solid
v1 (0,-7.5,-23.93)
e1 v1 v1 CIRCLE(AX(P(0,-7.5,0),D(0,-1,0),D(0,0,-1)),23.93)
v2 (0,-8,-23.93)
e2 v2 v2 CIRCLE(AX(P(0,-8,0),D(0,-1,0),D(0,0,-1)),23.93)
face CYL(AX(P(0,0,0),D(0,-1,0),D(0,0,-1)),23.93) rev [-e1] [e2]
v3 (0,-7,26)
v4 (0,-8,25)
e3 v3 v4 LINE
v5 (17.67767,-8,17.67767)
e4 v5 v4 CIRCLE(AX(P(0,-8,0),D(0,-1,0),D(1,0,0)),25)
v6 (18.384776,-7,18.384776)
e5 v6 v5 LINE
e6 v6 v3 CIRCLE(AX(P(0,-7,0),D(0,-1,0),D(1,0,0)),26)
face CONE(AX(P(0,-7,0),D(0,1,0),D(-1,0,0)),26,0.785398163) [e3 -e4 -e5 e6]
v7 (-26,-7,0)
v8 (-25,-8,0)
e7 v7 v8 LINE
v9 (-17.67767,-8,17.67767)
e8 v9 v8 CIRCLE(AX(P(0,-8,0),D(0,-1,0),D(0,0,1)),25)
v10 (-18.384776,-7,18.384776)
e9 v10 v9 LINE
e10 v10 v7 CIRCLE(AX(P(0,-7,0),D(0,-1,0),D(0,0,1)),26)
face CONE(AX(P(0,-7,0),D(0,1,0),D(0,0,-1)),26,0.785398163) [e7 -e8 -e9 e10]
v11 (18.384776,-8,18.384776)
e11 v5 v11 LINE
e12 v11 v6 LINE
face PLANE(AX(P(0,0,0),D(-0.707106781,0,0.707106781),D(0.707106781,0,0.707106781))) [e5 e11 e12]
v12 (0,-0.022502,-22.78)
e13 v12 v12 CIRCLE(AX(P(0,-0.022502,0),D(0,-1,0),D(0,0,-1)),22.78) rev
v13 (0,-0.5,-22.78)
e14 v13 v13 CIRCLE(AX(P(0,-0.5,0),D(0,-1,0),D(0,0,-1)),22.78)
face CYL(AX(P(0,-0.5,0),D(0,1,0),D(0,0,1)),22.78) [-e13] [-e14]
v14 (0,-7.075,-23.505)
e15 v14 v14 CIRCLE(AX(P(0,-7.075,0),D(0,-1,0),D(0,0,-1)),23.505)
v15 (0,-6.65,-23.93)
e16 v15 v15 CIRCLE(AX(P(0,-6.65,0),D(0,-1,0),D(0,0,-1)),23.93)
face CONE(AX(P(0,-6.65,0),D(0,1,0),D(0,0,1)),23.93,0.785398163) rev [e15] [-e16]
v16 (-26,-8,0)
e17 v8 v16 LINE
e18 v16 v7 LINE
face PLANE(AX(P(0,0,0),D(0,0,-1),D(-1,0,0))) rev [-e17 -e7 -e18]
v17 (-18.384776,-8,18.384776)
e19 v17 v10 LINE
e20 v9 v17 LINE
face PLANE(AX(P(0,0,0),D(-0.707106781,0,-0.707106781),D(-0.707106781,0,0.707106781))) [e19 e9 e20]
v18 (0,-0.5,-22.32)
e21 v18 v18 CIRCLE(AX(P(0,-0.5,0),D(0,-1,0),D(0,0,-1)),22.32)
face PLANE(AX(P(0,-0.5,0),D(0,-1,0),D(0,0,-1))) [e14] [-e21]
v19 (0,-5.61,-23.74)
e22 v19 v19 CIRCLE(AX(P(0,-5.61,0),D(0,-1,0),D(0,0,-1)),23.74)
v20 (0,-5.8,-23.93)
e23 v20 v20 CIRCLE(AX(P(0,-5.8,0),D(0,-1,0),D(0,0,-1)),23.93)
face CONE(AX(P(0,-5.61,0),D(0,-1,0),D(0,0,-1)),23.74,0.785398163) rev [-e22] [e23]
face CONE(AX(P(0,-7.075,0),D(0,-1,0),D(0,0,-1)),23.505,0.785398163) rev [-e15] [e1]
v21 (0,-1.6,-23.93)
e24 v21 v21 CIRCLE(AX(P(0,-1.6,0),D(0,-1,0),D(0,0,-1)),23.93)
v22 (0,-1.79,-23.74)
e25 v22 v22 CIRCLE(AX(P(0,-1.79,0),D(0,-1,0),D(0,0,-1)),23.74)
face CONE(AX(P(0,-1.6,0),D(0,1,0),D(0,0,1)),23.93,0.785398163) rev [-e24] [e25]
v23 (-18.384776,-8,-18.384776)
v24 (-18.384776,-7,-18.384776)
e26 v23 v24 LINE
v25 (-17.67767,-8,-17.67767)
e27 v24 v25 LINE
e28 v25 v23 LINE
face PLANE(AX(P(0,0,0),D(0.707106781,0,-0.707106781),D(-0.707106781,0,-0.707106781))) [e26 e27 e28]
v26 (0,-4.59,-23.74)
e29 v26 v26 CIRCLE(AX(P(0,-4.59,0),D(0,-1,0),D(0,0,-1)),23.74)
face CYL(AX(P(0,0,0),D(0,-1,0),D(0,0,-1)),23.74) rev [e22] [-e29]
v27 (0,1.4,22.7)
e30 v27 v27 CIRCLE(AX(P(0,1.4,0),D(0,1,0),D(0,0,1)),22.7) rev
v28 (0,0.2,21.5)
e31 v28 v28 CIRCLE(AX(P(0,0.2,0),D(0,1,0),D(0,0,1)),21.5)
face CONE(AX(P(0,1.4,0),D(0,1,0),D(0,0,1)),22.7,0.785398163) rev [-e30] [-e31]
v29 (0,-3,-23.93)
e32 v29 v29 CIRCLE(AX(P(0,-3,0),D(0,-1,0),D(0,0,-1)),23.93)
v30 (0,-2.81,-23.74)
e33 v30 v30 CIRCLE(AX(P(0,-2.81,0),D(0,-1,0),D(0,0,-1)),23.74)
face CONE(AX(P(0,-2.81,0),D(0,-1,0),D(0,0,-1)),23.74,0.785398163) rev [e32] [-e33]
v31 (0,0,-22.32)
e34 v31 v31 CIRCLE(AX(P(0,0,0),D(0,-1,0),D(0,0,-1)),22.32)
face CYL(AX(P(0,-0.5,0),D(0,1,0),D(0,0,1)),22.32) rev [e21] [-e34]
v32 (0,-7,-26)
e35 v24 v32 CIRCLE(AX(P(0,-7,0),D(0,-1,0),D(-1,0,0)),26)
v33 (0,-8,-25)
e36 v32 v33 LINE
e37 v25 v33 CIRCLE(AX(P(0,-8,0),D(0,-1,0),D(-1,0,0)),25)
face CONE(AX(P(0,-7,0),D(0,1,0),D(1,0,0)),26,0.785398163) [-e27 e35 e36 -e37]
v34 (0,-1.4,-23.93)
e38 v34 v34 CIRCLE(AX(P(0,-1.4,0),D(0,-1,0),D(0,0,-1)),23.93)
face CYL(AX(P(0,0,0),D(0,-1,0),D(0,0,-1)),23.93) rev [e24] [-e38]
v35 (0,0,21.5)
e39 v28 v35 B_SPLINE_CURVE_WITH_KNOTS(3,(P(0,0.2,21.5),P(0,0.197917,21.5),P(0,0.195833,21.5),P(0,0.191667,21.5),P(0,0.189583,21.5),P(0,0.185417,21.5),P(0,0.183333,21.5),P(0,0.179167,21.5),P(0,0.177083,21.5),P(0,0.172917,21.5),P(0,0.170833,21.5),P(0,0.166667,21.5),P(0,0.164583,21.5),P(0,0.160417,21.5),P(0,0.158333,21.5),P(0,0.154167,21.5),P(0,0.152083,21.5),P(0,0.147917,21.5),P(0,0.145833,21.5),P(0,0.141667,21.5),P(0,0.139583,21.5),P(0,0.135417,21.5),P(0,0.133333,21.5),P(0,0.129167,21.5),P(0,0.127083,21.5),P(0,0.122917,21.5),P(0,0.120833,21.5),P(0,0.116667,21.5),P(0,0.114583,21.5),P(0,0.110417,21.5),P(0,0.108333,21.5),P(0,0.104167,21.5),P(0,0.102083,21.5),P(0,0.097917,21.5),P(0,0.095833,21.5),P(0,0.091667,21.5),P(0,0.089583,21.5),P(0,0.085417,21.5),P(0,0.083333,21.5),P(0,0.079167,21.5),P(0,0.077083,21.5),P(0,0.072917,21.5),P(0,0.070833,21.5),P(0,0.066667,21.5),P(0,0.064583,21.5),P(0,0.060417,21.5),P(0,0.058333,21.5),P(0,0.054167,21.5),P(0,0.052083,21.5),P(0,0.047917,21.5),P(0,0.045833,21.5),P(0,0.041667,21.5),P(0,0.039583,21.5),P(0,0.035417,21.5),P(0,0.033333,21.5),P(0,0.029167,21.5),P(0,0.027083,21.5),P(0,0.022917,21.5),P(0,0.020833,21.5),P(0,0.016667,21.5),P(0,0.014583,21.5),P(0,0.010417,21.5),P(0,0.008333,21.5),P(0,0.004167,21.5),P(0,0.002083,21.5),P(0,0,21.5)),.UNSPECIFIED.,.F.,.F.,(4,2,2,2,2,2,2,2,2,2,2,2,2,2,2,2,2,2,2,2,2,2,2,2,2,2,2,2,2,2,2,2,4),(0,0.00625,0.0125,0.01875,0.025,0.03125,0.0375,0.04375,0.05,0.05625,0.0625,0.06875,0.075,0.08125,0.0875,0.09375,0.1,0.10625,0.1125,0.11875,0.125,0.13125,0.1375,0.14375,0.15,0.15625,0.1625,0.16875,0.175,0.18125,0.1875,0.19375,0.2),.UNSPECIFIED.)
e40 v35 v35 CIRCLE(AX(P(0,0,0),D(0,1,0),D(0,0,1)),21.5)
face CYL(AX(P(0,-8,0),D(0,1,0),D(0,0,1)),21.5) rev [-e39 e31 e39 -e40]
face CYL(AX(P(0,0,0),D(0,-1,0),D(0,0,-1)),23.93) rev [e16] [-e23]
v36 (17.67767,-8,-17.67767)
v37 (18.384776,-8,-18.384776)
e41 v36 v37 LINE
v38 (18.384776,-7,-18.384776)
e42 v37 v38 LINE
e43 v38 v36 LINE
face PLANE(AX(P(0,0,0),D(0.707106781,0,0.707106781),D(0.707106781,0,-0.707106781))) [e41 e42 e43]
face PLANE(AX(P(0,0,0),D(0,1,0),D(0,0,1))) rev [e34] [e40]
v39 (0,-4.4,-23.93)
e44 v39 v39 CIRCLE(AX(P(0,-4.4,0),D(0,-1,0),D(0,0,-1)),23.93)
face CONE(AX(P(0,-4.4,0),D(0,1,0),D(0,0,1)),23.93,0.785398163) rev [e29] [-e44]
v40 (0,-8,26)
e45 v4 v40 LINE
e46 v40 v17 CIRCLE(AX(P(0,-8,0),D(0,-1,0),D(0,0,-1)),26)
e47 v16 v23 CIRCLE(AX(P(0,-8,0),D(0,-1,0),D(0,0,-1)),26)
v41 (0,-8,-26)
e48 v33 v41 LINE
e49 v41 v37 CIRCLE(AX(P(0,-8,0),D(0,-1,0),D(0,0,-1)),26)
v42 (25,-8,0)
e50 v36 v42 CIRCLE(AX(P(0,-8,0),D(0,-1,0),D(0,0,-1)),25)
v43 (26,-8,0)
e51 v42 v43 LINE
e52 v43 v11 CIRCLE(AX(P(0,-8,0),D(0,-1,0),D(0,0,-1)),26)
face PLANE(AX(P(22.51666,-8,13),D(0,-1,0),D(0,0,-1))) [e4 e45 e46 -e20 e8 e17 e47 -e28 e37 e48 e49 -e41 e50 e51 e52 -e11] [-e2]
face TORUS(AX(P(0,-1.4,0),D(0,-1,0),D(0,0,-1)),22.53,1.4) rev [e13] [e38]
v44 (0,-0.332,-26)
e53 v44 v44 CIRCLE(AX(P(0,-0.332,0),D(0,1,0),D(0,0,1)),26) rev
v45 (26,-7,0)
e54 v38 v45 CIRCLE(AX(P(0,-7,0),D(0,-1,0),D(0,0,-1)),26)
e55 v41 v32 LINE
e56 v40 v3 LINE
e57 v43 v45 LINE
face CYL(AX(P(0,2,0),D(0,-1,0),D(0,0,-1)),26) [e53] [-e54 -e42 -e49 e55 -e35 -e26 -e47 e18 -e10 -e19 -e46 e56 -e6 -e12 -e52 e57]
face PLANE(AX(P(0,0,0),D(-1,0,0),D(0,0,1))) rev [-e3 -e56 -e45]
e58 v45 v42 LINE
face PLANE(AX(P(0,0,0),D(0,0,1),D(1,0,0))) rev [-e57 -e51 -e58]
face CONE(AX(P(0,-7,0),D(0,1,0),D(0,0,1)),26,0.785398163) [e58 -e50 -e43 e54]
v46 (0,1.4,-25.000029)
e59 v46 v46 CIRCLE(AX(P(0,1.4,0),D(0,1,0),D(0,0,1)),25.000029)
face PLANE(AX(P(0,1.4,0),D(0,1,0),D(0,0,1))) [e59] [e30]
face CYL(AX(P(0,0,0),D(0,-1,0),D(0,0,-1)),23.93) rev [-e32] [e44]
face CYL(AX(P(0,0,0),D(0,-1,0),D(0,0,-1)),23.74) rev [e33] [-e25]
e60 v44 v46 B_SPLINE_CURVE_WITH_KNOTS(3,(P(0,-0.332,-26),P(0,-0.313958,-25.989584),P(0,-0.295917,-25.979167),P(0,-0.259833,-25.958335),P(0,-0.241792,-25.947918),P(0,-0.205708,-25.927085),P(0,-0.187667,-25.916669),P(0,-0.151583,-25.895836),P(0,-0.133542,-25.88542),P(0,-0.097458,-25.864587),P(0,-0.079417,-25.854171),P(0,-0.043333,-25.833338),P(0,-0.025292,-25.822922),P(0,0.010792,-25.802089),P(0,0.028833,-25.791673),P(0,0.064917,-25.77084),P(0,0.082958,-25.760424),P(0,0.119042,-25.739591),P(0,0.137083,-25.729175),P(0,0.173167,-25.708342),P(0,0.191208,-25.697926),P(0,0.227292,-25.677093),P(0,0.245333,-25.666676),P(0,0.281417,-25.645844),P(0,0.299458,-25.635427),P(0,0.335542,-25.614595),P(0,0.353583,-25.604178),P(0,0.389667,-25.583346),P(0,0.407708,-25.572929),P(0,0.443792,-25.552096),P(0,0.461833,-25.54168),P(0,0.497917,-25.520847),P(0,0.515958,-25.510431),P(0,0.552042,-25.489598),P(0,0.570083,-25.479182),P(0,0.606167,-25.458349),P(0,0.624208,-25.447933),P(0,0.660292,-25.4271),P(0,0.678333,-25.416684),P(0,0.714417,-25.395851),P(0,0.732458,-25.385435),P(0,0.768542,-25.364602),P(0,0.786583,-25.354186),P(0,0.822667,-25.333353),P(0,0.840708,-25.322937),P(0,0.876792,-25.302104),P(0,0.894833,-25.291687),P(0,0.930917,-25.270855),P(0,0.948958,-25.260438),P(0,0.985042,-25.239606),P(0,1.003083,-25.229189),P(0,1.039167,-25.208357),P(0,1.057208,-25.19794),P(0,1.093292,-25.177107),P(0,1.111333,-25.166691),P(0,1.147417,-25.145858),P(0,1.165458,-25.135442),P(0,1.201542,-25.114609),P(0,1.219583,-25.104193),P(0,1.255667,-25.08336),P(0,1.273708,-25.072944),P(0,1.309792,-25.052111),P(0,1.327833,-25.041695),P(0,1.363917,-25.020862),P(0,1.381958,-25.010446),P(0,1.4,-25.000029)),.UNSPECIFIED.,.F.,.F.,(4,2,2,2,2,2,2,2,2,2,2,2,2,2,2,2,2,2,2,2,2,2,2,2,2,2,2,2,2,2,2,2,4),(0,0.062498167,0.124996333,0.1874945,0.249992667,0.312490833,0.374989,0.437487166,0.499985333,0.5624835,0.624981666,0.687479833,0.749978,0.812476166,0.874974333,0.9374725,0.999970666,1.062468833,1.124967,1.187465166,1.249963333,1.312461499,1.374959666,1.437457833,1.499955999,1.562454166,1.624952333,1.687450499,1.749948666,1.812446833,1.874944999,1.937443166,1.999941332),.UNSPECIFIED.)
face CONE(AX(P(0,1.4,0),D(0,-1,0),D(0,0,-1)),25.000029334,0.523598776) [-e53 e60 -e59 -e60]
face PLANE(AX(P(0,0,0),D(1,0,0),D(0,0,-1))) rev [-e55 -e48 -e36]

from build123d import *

# Parameters (mm, degrees)
SKETCH_1_R               = 26
EXTRUDE_1_DEPTH          = 2
SKETCH_5_R               = 21.5
CUT_EXTRUDE_1_DEPTH      = 39.105117767
CUT_EXTRUDE_START        = -0.6
SKETCH_7_R               = 26
CUT_EXTRUDE_2_DEPTH      = 0.6
CHAMFER_1_SIZE           = 1.732
CHAMFER_1_SIZE2          = 0.999970666
CHAMFER_2_SIZE           = 1.2
CUT_REVOLVE_1_ANGLE      = 45
PATTERN_CIRCULAR_1_COUNT = 4
SKETCH_9_R               = 22.78
SKETCH_9_R_2             = 22.32
EXTRUDE_2_DEPTH          = 0.5


with BuildPart() as part:
    # 草图1 → 凸台-拉伸1 (new body)
    with BuildSketch(Plane(origin=(0, 0, 0), x_dir=(1, 0, 0), z_dir=(0, 1, 0))):
        with Locations(Location((0, 0, 0), (0, 0, 270))):
            Circle(SKETCH_1_R)
    extrude(amount=EXTRUDE_1_DEPTH)

    # 草图4 → 旋转1 (revolve)
    with BuildSketch(Plane(origin=(0, 0, 0), x_dir=(0.8660254037844574, 0, 0.4999999999999675), z_dir=(-0.4999999999999675, 0, 0.8660254037844574)), mode=Mode.PRIVATE) as revolve_1_sk:
        with BuildLine():
            Line((23.93, -8), (23.93, -7.5))
            Line((23.93, -7.5), (23.505, -7.075))
            Line((23.505, -7.075), (23.93, -6.65))
            Line((23.93, -6.65), (23.93, -5.8))
            Line((23.93, -5.8), (23.74, -5.61))
            Line((23.74, -5.61), (23.74, -4.59))
            Line((23.74, -4.59), (23.93, -4.4))
            Line((23.93, -4.4), (23.93, -3))
            Line((23.93, -3), (23.74, -2.81))
            Line((23.74, -2.81), (23.74, -1.79))
            Line((23.74, -1.79), (23.93, -1.6))
            Line((23.93, -1.6), (23.93, -1.4))
            ThreePointArc((23.93, -1.4), (23.519949494, -0.410050506), (22.53, 0))
            Line((22.53, 0), (26, 0))
            Line((26, 0), (26, -8))
            Line((26, -8), (23.93, -8))
        make_face()
    revolve(revolve_1_sk.sketch.rotate(Axis((0, 0, 0), (0, 1, 0)), 120), axis=Axis((0, 0, 0), (0, 1, 0)))

    # 草图5 → 切除-拉伸1 (cut, through all)
    with BuildSketch(Plane(origin=(0, 2, 0), x_dir=(1, 0, 0), z_dir=(0, 1, 0))):
        with Locations(Location((0, 0, 0), (0, 0, 270))):
            Circle(SKETCH_5_R)
    extrude(amount=-CUT_EXTRUDE_1_DEPTH, mode=Mode.SUBTRACT)

    # 草图7 → 切除-拉伸2 (cut)
    with BuildSketch(Plane(origin=(0, 2, 0), x_dir=(1, 0, 0), z_dir=(0, 1, 0)).offset(CUT_EXTRUDE_START)):
        with Locations(Location((0, 0, 0), (0, 0, 90))):
            Circle(SKETCH_7_R)
    extrude(amount=CUT_EXTRUDE_2_DEPTH, mode=Mode.SUBTRACT)

    # 倒角1
    chamfer_1_edges = [part.edges().sort_by_distance(p)[0] for p in [
        (0, 1.4, -26),
    ]]
    chamfer_1_side = [part.faces().sort_by_distance(p)[0] for p in [
        (26, -3.3, 0),
    ]]
    chamfer(chamfer_1_edges, length=CHAMFER_1_SIZE, length2=CHAMFER_1_SIZE2, reference=chamfer_1_side[0])

    # 倒角2
    chamfer_2_edges = [part.edges().sort_by_distance(p)[0] for p in [
        (0, 1.4, -21.5),
    ]]
    chamfer(chamfer_2_edges, length=CHAMFER_2_SIZE)

    # 草图8 → 切除-旋转1 (revolve, cut)
    with BuildSketch(Plane.XY):
        Polygon((26, -8), (26, -7), (25, -8), align=None)
    cut_revolve_1 = revolve(axis=Axis((0, 0, 0), (0, 1, 0)), revolution_arc=CUT_REVOLVE_1_ANGLE, mode=Mode.SUBTRACT)

    # 阵列(圆周)1: 切除-旋转1 ×4 about axis
    pattern_circular_1_axis = Axis((0, 0, 0), (0, 1, 0))
    for i in range(1, PATTERN_CIRCULAR_1_COUNT):
        add(cut_revolve_1.rotate(pattern_circular_1_axis, i * 360 / PATTERN_CIRCULAR_1_COUNT), mode=Mode.SUBTRACT)

    # 草图9 → 凸台-拉伸2 (add)
    with BuildSketch(Plane.XZ):
        with Locations(Location((0, 0, 0), (0, 0, 270))):
            Circle(SKETCH_9_R)
        with Locations(Location((0, 0, 0), (0, 0, 270))):
            Circle(SKETCH_9_R_2, mode=Mode.SUBTRACT)
    extrude(amount=EXTRUDE_2_DEPTH)


solid = part.part
